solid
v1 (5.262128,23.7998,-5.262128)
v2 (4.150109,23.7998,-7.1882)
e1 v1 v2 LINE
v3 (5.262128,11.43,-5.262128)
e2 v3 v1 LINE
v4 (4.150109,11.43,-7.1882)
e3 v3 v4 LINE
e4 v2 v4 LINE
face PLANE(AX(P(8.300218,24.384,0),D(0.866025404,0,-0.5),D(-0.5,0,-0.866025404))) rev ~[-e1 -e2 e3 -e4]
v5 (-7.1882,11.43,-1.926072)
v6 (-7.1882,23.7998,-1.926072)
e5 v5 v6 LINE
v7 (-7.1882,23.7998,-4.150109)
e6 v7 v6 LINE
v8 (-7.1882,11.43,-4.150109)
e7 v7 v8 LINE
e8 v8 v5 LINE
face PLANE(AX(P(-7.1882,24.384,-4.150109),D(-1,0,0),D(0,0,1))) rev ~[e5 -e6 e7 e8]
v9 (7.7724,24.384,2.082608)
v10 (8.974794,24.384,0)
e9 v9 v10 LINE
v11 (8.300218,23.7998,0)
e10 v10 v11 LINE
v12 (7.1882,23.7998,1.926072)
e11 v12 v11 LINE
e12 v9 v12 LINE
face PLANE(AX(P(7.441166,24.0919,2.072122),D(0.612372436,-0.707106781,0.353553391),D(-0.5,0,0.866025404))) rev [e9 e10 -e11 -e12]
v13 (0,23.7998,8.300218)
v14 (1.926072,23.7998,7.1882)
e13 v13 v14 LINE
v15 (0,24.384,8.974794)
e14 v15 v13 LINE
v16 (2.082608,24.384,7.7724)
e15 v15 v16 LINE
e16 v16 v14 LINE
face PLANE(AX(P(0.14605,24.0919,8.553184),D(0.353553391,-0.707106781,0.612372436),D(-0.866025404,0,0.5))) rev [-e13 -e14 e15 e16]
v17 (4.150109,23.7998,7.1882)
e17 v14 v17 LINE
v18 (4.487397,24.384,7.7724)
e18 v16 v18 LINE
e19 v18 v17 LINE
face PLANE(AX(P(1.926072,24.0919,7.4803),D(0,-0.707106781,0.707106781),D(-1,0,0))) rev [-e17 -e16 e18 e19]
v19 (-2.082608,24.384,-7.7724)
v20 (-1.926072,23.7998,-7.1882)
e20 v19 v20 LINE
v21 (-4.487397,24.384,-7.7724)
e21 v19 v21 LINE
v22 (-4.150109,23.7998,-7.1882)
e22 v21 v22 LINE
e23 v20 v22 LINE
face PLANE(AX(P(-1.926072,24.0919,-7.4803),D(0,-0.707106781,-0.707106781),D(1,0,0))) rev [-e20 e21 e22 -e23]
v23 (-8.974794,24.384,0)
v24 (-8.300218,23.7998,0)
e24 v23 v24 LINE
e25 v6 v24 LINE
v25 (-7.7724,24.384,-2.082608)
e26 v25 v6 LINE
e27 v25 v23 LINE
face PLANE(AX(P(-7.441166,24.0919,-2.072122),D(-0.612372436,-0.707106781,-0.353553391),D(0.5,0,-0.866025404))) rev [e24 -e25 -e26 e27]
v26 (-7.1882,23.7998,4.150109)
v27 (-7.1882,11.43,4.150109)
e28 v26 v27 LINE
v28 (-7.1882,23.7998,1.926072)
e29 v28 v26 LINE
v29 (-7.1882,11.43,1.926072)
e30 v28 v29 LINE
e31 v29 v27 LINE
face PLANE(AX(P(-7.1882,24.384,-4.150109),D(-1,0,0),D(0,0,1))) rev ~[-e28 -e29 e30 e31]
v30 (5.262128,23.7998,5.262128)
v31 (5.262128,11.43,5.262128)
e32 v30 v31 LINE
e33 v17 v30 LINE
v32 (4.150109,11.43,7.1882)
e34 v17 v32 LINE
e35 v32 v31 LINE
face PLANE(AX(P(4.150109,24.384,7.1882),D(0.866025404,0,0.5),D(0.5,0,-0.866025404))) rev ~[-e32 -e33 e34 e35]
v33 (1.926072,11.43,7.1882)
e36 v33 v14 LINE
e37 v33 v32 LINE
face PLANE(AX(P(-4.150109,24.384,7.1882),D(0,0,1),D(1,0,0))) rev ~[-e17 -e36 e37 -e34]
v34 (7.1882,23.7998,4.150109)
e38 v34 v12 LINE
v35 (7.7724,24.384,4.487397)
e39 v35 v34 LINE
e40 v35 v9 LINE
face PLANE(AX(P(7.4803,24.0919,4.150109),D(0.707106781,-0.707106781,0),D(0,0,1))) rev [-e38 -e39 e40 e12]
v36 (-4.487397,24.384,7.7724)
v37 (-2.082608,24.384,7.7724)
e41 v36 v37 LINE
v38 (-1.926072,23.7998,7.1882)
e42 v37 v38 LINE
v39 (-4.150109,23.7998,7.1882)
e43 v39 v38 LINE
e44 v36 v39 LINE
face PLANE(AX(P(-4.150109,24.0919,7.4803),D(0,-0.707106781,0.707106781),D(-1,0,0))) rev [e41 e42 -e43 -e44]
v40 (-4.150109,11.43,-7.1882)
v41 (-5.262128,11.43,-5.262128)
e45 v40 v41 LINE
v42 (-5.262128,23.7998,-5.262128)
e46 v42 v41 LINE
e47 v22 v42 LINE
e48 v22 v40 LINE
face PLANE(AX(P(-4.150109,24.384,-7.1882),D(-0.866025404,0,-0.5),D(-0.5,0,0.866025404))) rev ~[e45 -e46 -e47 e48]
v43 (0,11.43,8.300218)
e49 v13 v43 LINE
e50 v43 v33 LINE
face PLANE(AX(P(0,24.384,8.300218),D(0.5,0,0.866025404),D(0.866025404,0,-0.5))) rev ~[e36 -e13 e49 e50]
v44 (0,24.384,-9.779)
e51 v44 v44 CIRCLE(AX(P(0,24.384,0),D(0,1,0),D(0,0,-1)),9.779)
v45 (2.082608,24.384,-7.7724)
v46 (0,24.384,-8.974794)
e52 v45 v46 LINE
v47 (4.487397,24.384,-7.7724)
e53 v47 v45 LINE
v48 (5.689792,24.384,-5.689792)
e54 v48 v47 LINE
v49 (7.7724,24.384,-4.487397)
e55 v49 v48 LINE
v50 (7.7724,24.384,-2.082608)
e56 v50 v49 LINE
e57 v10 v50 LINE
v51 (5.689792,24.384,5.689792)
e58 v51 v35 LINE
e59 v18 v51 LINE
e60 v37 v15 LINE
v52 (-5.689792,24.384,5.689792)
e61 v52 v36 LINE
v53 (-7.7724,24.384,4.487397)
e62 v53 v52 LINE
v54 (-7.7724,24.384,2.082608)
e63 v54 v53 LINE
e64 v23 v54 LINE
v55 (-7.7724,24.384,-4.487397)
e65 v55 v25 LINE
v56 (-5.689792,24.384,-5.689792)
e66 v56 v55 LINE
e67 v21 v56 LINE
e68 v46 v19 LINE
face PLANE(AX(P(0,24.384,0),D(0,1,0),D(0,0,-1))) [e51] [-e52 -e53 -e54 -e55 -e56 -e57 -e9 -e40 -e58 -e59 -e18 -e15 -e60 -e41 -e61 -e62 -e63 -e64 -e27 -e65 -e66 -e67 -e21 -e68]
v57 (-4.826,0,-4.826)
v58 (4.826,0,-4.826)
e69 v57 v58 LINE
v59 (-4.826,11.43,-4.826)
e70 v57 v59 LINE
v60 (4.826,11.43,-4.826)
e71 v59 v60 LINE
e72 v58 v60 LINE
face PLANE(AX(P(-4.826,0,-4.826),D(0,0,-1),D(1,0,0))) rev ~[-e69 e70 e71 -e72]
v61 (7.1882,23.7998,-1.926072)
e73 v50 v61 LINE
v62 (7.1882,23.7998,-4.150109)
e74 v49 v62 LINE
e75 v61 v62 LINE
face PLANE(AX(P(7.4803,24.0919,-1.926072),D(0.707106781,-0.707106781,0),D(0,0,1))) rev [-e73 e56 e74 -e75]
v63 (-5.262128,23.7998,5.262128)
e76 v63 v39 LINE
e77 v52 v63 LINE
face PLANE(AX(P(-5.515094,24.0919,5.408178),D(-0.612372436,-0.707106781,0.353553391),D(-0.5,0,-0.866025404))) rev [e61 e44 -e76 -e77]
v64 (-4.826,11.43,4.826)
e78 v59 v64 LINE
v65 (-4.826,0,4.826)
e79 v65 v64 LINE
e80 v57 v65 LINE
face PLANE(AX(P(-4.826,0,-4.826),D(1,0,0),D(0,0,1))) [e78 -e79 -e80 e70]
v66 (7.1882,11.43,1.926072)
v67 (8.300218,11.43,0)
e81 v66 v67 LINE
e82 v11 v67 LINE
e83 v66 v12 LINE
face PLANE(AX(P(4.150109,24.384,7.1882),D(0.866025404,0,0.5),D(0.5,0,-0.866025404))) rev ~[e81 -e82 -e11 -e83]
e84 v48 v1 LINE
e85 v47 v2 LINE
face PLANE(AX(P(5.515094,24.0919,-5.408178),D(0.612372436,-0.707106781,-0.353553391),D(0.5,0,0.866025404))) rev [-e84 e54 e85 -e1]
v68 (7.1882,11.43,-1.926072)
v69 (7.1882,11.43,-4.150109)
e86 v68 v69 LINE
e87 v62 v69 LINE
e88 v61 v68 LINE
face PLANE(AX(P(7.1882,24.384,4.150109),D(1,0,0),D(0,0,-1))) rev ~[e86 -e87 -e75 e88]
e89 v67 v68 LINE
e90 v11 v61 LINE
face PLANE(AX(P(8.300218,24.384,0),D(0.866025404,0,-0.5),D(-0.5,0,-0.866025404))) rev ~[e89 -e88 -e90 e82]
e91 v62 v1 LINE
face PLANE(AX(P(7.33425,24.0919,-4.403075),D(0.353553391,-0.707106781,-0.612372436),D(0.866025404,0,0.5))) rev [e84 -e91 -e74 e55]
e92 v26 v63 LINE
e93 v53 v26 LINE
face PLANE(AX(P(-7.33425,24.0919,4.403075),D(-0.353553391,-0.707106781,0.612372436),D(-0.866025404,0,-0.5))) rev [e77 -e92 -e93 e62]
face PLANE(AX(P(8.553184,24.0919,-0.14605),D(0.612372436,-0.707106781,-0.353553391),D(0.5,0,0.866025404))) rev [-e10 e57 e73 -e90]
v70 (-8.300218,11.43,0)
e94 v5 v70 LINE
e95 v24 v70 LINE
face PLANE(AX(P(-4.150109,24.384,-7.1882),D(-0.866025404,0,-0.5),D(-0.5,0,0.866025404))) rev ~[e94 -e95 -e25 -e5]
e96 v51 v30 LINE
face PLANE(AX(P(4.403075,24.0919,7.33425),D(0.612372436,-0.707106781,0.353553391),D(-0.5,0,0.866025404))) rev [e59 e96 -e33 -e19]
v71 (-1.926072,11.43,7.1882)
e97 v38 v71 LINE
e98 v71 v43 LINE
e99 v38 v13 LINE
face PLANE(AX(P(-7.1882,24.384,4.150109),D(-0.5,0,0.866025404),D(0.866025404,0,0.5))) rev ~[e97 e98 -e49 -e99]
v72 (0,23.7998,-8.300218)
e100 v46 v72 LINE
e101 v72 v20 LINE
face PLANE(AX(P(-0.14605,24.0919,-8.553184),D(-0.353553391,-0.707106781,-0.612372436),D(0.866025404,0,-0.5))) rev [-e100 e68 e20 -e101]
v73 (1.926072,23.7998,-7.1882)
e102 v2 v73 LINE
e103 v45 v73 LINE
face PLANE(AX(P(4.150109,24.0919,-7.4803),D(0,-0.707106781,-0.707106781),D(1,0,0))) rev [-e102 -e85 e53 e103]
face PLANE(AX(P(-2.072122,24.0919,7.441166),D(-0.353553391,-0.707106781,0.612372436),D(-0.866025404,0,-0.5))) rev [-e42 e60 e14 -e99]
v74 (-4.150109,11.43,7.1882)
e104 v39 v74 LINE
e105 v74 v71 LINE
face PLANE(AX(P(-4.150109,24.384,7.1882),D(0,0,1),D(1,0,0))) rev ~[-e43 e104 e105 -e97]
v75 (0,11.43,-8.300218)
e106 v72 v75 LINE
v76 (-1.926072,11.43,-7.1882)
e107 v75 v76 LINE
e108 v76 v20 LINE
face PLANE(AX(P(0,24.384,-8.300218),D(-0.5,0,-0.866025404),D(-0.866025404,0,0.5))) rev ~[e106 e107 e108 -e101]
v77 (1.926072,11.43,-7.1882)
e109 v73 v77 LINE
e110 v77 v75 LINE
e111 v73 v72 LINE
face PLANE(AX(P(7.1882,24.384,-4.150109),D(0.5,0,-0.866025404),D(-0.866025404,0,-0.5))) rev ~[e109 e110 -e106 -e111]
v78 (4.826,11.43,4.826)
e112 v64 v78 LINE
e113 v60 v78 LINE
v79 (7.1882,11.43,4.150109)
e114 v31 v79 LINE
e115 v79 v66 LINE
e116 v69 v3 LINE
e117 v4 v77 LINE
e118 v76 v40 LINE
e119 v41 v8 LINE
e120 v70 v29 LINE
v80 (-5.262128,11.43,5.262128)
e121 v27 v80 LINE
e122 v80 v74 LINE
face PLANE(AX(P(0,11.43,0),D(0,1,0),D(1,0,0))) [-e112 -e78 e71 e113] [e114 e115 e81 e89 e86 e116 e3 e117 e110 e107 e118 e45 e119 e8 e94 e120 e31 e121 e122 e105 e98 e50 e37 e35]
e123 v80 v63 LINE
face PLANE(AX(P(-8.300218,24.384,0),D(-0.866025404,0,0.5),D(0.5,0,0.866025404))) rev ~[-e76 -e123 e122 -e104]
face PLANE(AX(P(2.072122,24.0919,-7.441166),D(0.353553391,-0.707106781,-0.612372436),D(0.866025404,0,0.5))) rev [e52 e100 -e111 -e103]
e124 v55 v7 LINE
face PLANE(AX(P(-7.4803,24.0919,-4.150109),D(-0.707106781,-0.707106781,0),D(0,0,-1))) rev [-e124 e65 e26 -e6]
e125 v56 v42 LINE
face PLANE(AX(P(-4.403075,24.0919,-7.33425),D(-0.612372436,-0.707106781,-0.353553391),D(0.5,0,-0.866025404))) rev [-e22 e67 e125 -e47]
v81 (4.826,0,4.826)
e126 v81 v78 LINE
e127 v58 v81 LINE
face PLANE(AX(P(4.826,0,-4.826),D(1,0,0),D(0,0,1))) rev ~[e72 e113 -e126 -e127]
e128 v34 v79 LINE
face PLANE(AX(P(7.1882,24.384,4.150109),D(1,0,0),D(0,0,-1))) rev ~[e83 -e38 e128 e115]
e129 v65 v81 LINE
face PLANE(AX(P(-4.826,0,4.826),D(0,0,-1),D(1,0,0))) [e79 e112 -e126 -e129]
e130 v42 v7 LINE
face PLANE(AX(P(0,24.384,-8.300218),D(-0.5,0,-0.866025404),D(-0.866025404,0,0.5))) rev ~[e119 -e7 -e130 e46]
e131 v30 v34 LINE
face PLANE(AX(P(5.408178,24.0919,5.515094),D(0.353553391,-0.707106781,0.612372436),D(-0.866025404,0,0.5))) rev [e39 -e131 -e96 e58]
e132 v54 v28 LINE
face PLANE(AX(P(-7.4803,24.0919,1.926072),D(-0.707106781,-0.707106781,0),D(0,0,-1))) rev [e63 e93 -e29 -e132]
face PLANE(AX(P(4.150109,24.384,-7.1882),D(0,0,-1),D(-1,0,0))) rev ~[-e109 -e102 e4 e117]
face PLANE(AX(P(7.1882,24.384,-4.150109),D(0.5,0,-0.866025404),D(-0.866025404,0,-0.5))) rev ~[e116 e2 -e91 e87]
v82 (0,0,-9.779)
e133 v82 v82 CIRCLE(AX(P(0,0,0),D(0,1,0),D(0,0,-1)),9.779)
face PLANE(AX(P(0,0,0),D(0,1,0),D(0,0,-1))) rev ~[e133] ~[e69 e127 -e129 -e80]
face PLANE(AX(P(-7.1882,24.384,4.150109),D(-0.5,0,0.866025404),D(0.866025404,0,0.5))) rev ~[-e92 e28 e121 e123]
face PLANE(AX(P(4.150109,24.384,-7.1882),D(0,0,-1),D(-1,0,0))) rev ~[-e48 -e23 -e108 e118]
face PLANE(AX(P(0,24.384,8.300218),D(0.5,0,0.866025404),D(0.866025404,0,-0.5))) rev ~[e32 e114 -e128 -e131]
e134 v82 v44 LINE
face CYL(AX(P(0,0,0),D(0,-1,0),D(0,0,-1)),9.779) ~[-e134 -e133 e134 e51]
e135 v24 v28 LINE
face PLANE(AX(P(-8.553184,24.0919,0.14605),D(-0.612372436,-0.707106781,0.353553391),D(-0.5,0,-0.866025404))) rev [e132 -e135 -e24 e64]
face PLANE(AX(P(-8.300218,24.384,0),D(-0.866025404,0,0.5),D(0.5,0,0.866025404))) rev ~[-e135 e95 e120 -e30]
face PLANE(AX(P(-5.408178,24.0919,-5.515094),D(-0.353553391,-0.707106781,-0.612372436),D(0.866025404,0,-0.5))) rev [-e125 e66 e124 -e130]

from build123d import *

# Parameters (mm, degrees)
SKETCH1_R           = 9.779
BOSS_EXTRUDE1_DEPTH = 24.384
SKETCH2_W           = 9.652
SKETCH2_H           = 9.652
CUT_EXTRUDE1_DEPTH  = 11.43
CUT_EXTRUDE2_DEPTH  = 12.954
CIRPATTERN1_COUNT   = 2
CIRPATTERN1_ANGLE   = 30
CHAMFER1_SIZE       = 0.5842


with BuildPart() as part:
    # Sketch1 → Boss-Extrude1 (new body)
    with BuildSketch(Plane(origin=(0, 0, 0), x_dir=(1, 0, 0), z_dir=(0, 1, 0))):
        with Locations(Location((0, 0, 0), (0, 0, 90))):
            Circle(SKETCH1_R)
    extrude(amount=BOSS_EXTRUDE1_DEPTH)

    # Sketch2 → Cut-Extrude1 (cut)
    with BuildSketch(Plane.XZ):
        Rectangle(SKETCH2_W, SKETCH2_H)
    extrude(amount=-CUT_EXTRUDE1_DEPTH, mode=Mode.SUBTRACT)

    # Sketch3 → Cut-Extrude2 (cut)
    with BuildSketch(Plane(origin=(0, 24.384, 0), x_dir=(1, 0, 0), z_dir=(0, 1, 0))):
        Polygon((8.30021841, 0), (4.150109205, 7.1882), (-4.150109205, 7.1882), (-8.30021841, 0), (-4.150109205, -7.1882), (4.150109205, -7.1882), align=None)
    cut_extrude2 = extrude(amount=-CUT_EXTRUDE2_DEPTH, mode=Mode.SUBTRACT)

    # CirPattern1: Cut-Extrude2 ×2 about axis
    cirpattern1_axis = Axis((0, 0, 0), (0, 1, 0))
    for i in range(1, CIRPATTERN1_COUNT):
        add(cut_extrude2.rotate(cirpattern1_axis, i * CIRPATTERN1_ANGLE / (CIRPATTERN1_COUNT - 1)), mode=Mode.SUBTRACT)

    # Chamfer1
    chamfer1_edges = [part.edges().sort_by_distance(p)[0] for p in [
        (4.70611841, 24.384, 6.225163807),
        (7.744209205, 24.384, -0.963036193),
        (3.038090795, 24.384, -7.1882),
        (-4.70611841, 24.384, -6.225163807),
        (-7.744209205, 24.384, 0.963036193),
        (-3.038090795, 24.384, 7.1882),
        (7.744209205, 24.384, 0.963036193),
        (3.038090795, 24.384, 7.1882),
        (-4.70611841, 24.384, 6.225163807),
        (-7.744209205, 24.384, -0.963036193),
        (-3.038090795, 24.384, -7.1882),
        (4.70611841, 24.384, -6.225163807),
        (7.1882, 24.384, -3.038090795),
        (6.225163807, 24.384, -4.70611841),
        (0.963036193, 24.384, -7.744209205),
        (-0.963036193, 24.384, -7.744209205),
        (-6.225163807, 24.384, -4.70611841),
        (-7.1882, 24.384, -3.038090795),
        (-7.1882, 24.384, 3.038090795),
        (-6.225163807, 24.384, 4.70611841),
        (-0.963036193, 24.384, 7.744209205),
        (0.963036193, 24.384, 7.744209205),
        (6.225163807, 24.384, 4.70611841),
        (7.1882, 24.384, 3.038090795),
    ]]
    chamfer(chamfer1_edges, length=CHAMFER1_SIZE)


solid = part.part
